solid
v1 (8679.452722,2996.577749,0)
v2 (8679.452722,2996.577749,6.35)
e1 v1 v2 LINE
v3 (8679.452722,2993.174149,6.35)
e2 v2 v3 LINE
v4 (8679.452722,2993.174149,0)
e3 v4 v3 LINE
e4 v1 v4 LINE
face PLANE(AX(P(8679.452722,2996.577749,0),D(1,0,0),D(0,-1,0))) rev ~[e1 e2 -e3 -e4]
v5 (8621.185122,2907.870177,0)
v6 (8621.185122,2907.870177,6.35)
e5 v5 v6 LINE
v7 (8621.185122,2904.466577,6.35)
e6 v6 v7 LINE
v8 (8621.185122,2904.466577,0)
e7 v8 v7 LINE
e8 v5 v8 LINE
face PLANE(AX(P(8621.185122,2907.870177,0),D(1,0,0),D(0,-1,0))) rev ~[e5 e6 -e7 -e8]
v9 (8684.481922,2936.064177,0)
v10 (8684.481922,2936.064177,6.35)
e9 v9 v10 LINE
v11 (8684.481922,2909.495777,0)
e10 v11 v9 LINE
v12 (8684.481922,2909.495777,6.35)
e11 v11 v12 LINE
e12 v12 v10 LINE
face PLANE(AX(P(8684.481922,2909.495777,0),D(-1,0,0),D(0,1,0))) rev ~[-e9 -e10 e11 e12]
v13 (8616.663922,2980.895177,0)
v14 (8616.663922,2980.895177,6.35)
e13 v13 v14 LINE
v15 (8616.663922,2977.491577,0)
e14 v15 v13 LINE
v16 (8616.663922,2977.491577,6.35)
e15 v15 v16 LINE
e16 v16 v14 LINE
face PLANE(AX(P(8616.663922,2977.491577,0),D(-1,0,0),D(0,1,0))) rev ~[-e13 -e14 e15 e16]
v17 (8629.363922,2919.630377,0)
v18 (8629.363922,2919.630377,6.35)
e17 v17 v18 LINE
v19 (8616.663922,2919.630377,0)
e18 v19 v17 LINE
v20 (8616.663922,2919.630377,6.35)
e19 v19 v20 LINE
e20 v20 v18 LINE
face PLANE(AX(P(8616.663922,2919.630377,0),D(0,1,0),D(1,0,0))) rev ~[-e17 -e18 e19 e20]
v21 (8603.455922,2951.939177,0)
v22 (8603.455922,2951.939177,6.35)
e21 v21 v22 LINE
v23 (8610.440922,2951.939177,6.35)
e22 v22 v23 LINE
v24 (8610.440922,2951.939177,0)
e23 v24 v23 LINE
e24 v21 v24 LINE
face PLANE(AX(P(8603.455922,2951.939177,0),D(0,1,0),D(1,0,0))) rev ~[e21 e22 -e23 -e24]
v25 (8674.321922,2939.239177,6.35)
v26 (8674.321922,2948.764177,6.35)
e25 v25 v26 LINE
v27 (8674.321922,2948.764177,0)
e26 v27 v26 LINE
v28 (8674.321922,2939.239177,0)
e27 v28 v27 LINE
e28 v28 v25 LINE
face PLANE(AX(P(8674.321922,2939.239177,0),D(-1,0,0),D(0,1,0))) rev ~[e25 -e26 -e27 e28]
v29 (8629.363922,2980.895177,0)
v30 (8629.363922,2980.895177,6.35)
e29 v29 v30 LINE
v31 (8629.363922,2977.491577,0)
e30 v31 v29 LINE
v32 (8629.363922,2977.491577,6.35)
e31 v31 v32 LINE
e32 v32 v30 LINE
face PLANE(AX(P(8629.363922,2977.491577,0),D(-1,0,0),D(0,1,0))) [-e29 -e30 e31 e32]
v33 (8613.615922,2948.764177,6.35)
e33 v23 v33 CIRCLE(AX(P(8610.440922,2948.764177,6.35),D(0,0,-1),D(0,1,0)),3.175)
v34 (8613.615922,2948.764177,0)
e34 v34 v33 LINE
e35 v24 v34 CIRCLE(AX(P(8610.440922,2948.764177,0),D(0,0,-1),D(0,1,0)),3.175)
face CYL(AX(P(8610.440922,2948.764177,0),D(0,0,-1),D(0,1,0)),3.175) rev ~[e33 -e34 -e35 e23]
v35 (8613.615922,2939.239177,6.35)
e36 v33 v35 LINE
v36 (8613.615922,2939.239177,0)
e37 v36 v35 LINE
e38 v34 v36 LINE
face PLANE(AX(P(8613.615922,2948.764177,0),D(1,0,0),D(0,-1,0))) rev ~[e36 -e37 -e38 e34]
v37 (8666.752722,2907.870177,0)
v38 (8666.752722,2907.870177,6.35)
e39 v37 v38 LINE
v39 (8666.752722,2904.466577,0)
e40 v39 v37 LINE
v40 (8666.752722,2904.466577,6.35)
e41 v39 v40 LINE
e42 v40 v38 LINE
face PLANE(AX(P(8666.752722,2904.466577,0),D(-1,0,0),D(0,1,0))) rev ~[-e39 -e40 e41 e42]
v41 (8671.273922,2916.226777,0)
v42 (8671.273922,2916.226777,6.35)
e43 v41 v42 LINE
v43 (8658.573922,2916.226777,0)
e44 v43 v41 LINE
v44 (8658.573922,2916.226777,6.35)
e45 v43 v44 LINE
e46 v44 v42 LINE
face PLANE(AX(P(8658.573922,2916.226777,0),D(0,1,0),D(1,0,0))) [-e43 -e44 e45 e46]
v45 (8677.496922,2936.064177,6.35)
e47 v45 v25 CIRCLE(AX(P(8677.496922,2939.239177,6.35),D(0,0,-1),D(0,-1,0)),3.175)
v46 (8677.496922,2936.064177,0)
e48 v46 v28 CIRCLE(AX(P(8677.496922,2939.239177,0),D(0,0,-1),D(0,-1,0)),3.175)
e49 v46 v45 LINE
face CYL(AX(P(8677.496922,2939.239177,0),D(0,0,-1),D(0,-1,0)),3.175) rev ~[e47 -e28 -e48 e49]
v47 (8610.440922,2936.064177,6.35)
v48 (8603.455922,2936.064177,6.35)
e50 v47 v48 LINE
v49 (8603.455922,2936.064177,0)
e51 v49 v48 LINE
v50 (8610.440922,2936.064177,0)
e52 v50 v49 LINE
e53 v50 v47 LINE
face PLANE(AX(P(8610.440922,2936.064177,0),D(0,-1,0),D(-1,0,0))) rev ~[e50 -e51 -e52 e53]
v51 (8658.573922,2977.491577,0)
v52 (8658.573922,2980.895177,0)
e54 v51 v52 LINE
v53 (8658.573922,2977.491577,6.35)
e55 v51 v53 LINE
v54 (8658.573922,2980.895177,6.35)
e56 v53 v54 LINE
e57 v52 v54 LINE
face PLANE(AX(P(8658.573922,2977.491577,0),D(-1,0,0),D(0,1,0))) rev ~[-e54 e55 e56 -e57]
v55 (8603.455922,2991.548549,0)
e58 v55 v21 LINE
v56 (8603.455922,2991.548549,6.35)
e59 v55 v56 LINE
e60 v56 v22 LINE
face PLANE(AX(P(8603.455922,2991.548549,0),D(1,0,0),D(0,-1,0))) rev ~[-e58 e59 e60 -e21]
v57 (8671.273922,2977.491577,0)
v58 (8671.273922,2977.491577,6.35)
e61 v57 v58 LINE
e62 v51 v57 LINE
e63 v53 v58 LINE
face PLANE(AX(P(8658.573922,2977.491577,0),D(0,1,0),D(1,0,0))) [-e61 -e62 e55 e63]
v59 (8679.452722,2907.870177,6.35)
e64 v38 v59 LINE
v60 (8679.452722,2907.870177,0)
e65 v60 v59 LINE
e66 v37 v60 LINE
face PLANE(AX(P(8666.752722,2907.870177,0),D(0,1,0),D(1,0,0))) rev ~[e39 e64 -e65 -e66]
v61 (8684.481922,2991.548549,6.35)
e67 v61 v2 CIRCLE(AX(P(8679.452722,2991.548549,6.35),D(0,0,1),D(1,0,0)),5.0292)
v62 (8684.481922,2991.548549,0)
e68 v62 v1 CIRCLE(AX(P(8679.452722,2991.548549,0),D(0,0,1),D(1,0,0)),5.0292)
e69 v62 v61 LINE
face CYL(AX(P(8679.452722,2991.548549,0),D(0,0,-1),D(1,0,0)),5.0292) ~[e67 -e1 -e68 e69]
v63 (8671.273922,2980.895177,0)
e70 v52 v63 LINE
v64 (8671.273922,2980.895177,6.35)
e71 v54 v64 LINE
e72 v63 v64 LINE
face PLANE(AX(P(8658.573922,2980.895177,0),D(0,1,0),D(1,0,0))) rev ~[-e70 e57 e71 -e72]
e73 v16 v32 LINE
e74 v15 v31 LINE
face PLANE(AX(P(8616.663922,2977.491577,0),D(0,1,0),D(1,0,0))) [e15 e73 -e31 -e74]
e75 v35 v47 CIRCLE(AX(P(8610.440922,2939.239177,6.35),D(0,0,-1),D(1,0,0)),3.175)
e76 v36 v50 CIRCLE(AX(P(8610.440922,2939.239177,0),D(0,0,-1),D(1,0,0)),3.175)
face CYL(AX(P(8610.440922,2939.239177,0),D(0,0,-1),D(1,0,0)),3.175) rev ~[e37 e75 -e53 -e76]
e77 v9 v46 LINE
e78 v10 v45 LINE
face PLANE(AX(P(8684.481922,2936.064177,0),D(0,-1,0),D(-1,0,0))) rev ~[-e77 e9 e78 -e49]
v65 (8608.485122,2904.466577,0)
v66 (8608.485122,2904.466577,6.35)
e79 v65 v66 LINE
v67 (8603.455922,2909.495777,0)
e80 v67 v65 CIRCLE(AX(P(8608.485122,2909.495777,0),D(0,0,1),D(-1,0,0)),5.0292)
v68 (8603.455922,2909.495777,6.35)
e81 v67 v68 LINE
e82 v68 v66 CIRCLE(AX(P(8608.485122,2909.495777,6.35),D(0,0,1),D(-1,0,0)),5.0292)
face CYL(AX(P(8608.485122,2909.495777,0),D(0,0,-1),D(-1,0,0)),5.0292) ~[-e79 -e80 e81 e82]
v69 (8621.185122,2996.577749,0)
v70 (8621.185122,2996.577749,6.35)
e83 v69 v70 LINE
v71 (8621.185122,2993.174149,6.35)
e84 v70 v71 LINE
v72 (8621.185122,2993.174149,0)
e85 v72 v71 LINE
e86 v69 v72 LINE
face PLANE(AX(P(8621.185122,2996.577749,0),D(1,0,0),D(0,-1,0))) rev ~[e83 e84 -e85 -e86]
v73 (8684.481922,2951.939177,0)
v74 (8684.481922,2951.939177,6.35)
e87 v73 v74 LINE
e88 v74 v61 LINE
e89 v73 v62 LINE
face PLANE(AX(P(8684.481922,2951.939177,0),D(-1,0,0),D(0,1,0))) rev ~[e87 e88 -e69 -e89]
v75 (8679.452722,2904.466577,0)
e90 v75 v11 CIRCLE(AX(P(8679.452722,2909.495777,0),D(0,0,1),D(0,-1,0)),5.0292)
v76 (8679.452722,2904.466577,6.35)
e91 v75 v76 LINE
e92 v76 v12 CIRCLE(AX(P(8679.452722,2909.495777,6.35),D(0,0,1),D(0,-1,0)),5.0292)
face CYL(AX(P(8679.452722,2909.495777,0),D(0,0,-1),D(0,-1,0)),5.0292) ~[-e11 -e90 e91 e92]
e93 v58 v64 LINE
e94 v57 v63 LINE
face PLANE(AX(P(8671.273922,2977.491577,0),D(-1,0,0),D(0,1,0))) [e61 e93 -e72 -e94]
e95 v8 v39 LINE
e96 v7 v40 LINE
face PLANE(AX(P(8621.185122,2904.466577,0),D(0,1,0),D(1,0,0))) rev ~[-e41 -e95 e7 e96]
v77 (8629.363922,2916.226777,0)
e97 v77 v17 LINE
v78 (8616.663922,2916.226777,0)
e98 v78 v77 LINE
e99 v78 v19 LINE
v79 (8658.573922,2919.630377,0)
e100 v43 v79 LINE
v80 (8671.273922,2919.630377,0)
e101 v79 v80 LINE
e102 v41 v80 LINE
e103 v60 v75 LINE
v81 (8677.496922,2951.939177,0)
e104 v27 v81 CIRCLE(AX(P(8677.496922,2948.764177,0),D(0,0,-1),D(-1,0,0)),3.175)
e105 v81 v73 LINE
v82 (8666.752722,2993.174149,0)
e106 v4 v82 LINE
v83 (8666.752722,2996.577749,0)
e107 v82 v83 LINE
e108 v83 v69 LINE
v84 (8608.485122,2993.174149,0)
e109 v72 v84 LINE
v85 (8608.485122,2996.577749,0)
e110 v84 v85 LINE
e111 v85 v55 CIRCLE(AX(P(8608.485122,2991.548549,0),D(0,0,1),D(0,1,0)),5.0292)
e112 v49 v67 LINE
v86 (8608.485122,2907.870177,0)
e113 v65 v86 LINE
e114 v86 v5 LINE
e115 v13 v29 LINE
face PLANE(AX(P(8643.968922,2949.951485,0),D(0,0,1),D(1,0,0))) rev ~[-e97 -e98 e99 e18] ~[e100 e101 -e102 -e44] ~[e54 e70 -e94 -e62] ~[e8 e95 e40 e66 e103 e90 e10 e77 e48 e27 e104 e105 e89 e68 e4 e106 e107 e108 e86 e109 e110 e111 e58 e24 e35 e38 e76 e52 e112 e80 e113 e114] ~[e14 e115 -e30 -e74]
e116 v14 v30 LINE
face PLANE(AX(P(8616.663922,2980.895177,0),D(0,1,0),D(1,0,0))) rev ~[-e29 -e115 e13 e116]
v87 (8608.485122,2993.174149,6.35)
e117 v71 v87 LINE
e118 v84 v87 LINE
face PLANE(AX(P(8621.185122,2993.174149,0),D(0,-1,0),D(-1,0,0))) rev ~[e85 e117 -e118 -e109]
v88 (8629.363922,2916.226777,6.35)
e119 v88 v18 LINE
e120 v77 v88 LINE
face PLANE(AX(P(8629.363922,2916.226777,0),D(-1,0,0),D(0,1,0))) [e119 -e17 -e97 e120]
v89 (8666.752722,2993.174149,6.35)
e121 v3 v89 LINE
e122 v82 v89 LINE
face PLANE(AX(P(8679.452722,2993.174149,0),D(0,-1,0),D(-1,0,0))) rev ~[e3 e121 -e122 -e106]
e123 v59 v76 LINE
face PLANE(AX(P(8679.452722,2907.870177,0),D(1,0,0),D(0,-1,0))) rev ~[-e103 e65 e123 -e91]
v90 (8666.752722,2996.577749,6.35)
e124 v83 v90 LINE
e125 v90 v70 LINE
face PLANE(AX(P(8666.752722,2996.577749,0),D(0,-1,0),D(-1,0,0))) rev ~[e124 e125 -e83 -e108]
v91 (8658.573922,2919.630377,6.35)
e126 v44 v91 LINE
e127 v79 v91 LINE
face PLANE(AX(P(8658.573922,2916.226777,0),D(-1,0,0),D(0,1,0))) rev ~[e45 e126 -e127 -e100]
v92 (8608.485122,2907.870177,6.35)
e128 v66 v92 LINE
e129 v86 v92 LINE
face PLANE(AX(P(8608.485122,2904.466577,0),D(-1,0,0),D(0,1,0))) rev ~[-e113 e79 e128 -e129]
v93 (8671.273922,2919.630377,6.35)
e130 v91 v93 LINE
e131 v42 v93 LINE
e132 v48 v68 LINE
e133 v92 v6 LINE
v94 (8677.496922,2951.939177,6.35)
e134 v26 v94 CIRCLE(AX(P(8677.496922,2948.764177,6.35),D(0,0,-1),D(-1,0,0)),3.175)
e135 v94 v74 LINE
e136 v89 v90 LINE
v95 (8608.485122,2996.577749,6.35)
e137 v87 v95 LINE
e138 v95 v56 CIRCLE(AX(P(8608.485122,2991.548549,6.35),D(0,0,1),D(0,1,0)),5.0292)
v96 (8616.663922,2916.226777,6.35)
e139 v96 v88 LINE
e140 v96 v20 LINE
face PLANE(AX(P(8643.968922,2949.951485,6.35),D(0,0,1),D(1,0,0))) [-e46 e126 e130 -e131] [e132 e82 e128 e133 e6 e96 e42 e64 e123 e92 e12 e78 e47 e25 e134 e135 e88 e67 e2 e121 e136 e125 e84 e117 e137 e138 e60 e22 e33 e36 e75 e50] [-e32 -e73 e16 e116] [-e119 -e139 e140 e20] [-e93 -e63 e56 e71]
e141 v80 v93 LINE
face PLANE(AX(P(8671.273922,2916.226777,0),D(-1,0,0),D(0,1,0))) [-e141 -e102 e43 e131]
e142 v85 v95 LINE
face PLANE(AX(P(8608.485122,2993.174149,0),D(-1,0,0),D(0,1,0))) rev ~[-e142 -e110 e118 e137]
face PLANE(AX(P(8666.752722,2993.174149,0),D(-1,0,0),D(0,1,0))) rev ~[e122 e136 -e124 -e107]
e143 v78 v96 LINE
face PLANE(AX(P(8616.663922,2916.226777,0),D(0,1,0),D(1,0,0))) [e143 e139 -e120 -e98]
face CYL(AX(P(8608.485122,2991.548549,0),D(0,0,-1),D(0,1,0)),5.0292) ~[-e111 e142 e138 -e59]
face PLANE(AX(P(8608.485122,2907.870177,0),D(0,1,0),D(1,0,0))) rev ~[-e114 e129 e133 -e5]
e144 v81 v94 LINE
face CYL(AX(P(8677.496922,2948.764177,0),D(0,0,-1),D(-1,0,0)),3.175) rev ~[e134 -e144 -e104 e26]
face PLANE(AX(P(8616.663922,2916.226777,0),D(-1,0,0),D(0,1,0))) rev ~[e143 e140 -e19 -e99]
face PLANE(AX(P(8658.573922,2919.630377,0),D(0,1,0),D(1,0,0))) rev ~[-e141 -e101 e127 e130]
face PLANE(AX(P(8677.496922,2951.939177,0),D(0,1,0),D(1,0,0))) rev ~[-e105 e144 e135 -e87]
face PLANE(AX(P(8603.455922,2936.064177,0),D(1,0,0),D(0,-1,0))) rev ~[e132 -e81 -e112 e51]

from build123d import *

# Parameters (mm, degrees)
SKETCH1_W           = 12.7
SKETCH1_H           = 3.4036
BOSS_EXTRUDE1_DEPTH = 6.35


with BuildPart() as part:
    # Sketch1 → Boss-Extrude1 (new body)
    with BuildSketch(Plane.XY):
        with BuildLine():
            Line((8603.455921527, 2991.548549024), (8603.455921527, 2951.939177286))
            Line((8603.455921527, 2951.939177286), (8610.440921527, 2951.939177286))
            ThreePointArc((8610.440921527, 2951.939177286), (8612.685985557, 2951.009241316), (8613.615921527, 2948.764177286))
            Line((8613.615921527, 2948.764177286), (8613.615921527, 2939.239177286))
            ThreePointArc((8613.615921527, 2939.239177286), (8612.685985557, 2936.994113255), (8610.440921527, 2936.064177286))
            Line((8610.440921527, 2936.064177286), (8603.455921527, 2936.064177286))
            Line((8603.455921527, 2936.064177286), (8603.455921527, 2909.495777286))
            ThreePointArc((8603.455921527, 2909.495777286), (8604.928940103, 2905.939595862), (8608.485121527, 2904.466577286))
            Line((8608.485121527, 2904.466577286), (8608.485121527, 2907.870177286))
            Line((8608.485121527, 2907.870177286), (8621.185121527, 2907.870177286))
            Line((8621.185121527, 2907.870177286), (8621.185121527, 2904.466577286))
            Line((8621.185121527, 2904.466577286), (8666.752721527, 2904.466577286))
            Line((8666.752721527, 2904.466577286), (8666.752721527, 2907.870177286))
            Line((8666.752721527, 2907.870177286), (8679.452721527, 2907.870177286))
            Line((8679.452721527, 2907.870177286), (8679.452721527, 2904.466577286))
            ThreePointArc((8679.452721527, 2904.466577286), (8683.008902951, 2905.939595862), (8684.481921527, 2909.495777286))
            Line((8684.481921527, 2909.495777286), (8684.481921527, 2936.064177286))
            Line((8684.481921527, 2936.064177286), (8677.496921527, 2936.064177286))
            ThreePointArc((8677.496921527, 2936.064177286), (8675.251857497, 2936.994113255), (8674.321921527, 2939.239177286))
            Line((8674.321921527, 2939.239177286), (8674.321921527, 2948.764177286))
            ThreePointArc((8674.321921527, 2948.764177286), (8675.251857497, 2951.009241316), (8677.496921527, 2951.939177286))
            Line((8677.496921527, 2951.939177286), (8684.481921527, 2951.939177286))
            Line((8684.481921527, 2951.939177286), (8684.481921527, 2991.548549024))
            ThreePointArc((8684.481921527, 2991.548549024), (8683.008902951, 2995.104730448), (8679.452721527, 2996.577749024))
            Line((8679.452721527, 2996.577749024), (8679.452721527, 2993.174149024))
            Line((8679.452721527, 2993.174149024), (8666.752721527, 2993.174149024))
            Line((8666.752721527, 2993.174149024), (8666.752721527, 2996.577749024))
            Line((8666.752721527, 2996.577749024), (8621.185121527, 2996.577749024))
            Line((8621.185121527, 2996.577749024), (8621.185121527, 2993.174149024))
            Line((8621.185121527, 2993.174149024), (8608.485121527, 2993.174149024))
            Line((8608.485121527, 2993.174149024), (8608.485121527, 2996.577749024))
            ThreePointArc((8608.485121527, 2996.577749024), (8604.928940103, 2995.104730448), (8603.455921527, 2991.548549024))
        make_face()
        with Locations((8623.013921527, 2917.928577286)):
            Rectangle(SKETCH1_W, SKETCH1_H, mode=Mode.SUBTRACT)
        with Locations((8664.923921527, 2917.928577286)):
            Rectangle(SKETCH1_W, SKETCH1_H, mode=Mode.SUBTRACT)
        with Locations((8664.923921527, 2979.193377286)):
            Rectangle(SKETCH1_W, SKETCH1_H, mode=Mode.SUBTRACT)
        with Locations((8623.013921527, 2979.193377286)):
            Rectangle(SKETCH1_W, SKETCH1_H, mode=Mode.SUBTRACT)
    extrude(amount=BOSS_EXTRUDE1_DEPTH)


solid = part.part
